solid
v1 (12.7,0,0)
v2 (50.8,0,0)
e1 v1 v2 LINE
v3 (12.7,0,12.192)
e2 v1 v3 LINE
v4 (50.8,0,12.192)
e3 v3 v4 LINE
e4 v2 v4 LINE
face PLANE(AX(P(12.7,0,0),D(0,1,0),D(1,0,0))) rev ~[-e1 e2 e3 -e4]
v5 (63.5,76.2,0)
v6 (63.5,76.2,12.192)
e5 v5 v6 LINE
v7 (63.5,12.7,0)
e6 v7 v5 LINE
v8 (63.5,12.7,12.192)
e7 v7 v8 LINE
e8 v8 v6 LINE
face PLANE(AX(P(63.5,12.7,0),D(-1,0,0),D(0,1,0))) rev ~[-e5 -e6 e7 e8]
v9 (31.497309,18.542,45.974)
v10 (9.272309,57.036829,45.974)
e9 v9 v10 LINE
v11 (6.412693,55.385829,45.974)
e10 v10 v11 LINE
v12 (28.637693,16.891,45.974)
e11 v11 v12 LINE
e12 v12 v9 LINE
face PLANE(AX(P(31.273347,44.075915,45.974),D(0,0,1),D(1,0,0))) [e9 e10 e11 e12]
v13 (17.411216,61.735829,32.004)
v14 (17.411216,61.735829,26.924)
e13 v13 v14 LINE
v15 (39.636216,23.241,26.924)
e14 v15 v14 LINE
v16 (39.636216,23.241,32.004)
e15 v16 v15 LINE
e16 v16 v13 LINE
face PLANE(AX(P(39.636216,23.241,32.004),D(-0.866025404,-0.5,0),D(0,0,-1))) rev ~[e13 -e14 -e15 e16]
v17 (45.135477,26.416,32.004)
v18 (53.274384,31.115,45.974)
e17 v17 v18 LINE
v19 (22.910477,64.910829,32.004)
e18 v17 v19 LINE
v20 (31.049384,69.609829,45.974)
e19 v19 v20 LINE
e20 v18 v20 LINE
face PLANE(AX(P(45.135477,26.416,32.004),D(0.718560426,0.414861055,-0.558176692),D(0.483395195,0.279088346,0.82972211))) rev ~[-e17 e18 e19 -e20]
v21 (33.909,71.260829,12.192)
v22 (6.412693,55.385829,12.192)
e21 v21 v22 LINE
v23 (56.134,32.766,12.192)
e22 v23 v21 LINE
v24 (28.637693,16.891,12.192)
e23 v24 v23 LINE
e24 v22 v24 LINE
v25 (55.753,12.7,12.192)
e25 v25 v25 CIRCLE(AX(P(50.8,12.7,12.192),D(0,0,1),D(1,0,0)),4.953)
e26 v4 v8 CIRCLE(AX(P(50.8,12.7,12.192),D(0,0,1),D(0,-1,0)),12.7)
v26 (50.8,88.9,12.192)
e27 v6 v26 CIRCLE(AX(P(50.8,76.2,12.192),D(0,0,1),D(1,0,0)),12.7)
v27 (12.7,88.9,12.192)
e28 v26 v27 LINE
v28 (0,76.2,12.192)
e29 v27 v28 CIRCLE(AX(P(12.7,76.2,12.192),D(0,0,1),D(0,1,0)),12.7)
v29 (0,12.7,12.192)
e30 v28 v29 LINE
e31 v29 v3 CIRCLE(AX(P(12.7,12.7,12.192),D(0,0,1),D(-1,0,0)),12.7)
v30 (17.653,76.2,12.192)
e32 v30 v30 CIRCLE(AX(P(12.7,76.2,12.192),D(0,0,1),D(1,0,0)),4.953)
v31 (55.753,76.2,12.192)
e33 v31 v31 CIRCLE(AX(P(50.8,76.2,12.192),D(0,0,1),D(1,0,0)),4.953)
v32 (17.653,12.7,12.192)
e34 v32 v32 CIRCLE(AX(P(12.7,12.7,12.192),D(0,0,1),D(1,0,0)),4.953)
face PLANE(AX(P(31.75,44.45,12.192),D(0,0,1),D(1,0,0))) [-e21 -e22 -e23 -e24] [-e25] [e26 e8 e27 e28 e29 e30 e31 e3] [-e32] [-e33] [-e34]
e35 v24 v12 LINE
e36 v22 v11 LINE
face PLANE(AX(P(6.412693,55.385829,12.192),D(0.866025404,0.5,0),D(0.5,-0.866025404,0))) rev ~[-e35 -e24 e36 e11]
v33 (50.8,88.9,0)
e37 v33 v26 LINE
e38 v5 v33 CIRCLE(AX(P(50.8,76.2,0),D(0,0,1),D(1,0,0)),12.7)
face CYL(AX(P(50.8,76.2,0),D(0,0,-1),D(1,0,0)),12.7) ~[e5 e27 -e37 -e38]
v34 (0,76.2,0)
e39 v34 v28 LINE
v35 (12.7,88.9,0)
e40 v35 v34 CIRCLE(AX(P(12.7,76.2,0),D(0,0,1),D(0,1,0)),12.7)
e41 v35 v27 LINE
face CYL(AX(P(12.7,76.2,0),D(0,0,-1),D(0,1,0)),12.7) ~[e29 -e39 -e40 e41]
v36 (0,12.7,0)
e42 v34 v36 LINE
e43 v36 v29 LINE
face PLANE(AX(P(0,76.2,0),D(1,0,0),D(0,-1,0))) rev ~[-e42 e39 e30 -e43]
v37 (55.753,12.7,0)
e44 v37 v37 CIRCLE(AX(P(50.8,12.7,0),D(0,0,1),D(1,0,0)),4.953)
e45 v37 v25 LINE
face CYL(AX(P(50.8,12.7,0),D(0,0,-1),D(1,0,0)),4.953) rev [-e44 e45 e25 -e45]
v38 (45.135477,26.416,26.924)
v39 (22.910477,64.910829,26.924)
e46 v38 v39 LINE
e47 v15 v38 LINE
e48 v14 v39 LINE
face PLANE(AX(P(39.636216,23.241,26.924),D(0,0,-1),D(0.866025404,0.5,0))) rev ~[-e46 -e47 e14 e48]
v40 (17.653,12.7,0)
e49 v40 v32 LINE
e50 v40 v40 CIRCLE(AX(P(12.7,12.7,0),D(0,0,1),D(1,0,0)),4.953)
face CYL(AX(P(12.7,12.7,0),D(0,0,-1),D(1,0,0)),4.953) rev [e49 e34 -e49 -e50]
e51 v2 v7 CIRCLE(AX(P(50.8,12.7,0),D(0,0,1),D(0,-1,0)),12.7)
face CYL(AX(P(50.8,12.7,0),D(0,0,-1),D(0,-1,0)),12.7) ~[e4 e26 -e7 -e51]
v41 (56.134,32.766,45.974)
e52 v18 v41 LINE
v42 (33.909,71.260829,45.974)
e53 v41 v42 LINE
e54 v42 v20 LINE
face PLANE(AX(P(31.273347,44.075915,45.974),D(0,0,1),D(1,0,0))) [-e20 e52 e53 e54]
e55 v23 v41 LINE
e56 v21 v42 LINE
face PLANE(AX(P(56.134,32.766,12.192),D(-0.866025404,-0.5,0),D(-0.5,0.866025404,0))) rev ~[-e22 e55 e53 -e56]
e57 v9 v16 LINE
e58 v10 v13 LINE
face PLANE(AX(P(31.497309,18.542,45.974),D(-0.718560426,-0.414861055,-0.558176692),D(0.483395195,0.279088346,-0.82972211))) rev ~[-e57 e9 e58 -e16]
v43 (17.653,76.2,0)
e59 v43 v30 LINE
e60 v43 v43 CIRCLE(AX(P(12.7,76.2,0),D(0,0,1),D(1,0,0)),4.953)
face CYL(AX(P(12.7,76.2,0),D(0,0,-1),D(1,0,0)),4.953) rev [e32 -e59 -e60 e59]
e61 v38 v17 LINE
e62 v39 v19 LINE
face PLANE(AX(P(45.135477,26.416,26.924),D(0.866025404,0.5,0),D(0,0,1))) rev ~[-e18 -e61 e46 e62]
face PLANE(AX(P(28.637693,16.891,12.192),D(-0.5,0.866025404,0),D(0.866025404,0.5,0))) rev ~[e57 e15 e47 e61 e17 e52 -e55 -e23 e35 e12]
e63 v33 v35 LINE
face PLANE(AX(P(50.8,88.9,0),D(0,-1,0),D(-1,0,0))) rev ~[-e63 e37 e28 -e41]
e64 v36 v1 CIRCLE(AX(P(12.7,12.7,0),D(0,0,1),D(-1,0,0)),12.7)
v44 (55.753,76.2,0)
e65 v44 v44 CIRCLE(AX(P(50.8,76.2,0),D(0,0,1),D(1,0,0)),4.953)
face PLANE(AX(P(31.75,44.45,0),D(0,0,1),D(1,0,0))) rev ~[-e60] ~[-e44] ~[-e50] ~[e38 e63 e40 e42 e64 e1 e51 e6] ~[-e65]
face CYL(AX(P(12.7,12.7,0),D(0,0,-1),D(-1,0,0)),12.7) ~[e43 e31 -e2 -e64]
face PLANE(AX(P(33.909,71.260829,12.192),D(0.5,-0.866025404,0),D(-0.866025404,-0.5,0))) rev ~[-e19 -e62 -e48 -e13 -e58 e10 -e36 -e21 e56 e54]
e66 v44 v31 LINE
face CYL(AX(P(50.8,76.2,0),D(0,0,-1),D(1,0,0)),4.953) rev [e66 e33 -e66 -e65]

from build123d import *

# Parameters (mm, degrees)
F0_R     = 4.953
F1_DEPTH = 12.192
F3_DEPTH = 33.782
F5_DEPTH = 76.681470016


with BuildPart() as f1:
    # F0 (on Top) → F1 (new body)
    with BuildSketch(Plane.XY):
        with BuildLine():
            ThreePointArc((0, 12.7), (3.7197438789, 3.7197438789), (12.7, 0))
            Line((12.7, 0), (50.8, 0))
            ThreePointArc((50.8, 0), (59.7802561211, 3.7197438789), (63.5, 12.7))
            Line((63.5, 12.7), (63.5, 76.2))
            ThreePointArc((63.5, 76.2), (59.7802561211, 85.1802561211), (50.8, 88.9))
            Line((50.8, 88.9), (12.7, 88.9))
            ThreePointArc((12.7, 88.9), (3.7197438789, 85.1802561211), (0, 76.2))
            Line((0, 76.2), (0, 12.7))
        make_face()
        with Locations((12.7, 12.7)):
            Circle(F0_R, mode=Mode.SUBTRACT)
        with Locations((50.8, 12.7)):
            Circle(F0_R, mode=Mode.SUBTRACT)
        with Locations((12.7, 76.2)):
            Circle(F0_R, mode=Mode.SUBTRACT)
        with Locations((50.8, 76.2)):
            Circle(F0_R, mode=Mode.SUBTRACT)
    extrude(amount=F1_DEPTH)

    # F2 (on face) → F3 (join)
    with BuildSketch(Plane.XY.offset(12.192)):
        Polygon((28.6376934298, 16.891), (56.134, 32.766), (33.909, 71.2608291982), (6.4126934298, 55.3858291982), align=None)
    extrude(amount=F3_DEPTH)

    # F4 (on face) → F5 (cut, through all)
    with BuildSketch(Plane(origin=(-0.1545941902, 0.267764992, 0), x_dir=(0.8660254038, 0.5, 0), z_dir=(0.5, -0.8660254038, 0))):
        Polygon((52.296470016, 32.004), (61.694470016, 45.974), (36.548470016, 45.974), (45.946470016, 32.004), (45.946470016, 26.924), (52.296470016, 26.924), align=None)
    extrude(amount=-F5_DEPTH, mode=Mode.SUBTRACT)


solid = f1.part
